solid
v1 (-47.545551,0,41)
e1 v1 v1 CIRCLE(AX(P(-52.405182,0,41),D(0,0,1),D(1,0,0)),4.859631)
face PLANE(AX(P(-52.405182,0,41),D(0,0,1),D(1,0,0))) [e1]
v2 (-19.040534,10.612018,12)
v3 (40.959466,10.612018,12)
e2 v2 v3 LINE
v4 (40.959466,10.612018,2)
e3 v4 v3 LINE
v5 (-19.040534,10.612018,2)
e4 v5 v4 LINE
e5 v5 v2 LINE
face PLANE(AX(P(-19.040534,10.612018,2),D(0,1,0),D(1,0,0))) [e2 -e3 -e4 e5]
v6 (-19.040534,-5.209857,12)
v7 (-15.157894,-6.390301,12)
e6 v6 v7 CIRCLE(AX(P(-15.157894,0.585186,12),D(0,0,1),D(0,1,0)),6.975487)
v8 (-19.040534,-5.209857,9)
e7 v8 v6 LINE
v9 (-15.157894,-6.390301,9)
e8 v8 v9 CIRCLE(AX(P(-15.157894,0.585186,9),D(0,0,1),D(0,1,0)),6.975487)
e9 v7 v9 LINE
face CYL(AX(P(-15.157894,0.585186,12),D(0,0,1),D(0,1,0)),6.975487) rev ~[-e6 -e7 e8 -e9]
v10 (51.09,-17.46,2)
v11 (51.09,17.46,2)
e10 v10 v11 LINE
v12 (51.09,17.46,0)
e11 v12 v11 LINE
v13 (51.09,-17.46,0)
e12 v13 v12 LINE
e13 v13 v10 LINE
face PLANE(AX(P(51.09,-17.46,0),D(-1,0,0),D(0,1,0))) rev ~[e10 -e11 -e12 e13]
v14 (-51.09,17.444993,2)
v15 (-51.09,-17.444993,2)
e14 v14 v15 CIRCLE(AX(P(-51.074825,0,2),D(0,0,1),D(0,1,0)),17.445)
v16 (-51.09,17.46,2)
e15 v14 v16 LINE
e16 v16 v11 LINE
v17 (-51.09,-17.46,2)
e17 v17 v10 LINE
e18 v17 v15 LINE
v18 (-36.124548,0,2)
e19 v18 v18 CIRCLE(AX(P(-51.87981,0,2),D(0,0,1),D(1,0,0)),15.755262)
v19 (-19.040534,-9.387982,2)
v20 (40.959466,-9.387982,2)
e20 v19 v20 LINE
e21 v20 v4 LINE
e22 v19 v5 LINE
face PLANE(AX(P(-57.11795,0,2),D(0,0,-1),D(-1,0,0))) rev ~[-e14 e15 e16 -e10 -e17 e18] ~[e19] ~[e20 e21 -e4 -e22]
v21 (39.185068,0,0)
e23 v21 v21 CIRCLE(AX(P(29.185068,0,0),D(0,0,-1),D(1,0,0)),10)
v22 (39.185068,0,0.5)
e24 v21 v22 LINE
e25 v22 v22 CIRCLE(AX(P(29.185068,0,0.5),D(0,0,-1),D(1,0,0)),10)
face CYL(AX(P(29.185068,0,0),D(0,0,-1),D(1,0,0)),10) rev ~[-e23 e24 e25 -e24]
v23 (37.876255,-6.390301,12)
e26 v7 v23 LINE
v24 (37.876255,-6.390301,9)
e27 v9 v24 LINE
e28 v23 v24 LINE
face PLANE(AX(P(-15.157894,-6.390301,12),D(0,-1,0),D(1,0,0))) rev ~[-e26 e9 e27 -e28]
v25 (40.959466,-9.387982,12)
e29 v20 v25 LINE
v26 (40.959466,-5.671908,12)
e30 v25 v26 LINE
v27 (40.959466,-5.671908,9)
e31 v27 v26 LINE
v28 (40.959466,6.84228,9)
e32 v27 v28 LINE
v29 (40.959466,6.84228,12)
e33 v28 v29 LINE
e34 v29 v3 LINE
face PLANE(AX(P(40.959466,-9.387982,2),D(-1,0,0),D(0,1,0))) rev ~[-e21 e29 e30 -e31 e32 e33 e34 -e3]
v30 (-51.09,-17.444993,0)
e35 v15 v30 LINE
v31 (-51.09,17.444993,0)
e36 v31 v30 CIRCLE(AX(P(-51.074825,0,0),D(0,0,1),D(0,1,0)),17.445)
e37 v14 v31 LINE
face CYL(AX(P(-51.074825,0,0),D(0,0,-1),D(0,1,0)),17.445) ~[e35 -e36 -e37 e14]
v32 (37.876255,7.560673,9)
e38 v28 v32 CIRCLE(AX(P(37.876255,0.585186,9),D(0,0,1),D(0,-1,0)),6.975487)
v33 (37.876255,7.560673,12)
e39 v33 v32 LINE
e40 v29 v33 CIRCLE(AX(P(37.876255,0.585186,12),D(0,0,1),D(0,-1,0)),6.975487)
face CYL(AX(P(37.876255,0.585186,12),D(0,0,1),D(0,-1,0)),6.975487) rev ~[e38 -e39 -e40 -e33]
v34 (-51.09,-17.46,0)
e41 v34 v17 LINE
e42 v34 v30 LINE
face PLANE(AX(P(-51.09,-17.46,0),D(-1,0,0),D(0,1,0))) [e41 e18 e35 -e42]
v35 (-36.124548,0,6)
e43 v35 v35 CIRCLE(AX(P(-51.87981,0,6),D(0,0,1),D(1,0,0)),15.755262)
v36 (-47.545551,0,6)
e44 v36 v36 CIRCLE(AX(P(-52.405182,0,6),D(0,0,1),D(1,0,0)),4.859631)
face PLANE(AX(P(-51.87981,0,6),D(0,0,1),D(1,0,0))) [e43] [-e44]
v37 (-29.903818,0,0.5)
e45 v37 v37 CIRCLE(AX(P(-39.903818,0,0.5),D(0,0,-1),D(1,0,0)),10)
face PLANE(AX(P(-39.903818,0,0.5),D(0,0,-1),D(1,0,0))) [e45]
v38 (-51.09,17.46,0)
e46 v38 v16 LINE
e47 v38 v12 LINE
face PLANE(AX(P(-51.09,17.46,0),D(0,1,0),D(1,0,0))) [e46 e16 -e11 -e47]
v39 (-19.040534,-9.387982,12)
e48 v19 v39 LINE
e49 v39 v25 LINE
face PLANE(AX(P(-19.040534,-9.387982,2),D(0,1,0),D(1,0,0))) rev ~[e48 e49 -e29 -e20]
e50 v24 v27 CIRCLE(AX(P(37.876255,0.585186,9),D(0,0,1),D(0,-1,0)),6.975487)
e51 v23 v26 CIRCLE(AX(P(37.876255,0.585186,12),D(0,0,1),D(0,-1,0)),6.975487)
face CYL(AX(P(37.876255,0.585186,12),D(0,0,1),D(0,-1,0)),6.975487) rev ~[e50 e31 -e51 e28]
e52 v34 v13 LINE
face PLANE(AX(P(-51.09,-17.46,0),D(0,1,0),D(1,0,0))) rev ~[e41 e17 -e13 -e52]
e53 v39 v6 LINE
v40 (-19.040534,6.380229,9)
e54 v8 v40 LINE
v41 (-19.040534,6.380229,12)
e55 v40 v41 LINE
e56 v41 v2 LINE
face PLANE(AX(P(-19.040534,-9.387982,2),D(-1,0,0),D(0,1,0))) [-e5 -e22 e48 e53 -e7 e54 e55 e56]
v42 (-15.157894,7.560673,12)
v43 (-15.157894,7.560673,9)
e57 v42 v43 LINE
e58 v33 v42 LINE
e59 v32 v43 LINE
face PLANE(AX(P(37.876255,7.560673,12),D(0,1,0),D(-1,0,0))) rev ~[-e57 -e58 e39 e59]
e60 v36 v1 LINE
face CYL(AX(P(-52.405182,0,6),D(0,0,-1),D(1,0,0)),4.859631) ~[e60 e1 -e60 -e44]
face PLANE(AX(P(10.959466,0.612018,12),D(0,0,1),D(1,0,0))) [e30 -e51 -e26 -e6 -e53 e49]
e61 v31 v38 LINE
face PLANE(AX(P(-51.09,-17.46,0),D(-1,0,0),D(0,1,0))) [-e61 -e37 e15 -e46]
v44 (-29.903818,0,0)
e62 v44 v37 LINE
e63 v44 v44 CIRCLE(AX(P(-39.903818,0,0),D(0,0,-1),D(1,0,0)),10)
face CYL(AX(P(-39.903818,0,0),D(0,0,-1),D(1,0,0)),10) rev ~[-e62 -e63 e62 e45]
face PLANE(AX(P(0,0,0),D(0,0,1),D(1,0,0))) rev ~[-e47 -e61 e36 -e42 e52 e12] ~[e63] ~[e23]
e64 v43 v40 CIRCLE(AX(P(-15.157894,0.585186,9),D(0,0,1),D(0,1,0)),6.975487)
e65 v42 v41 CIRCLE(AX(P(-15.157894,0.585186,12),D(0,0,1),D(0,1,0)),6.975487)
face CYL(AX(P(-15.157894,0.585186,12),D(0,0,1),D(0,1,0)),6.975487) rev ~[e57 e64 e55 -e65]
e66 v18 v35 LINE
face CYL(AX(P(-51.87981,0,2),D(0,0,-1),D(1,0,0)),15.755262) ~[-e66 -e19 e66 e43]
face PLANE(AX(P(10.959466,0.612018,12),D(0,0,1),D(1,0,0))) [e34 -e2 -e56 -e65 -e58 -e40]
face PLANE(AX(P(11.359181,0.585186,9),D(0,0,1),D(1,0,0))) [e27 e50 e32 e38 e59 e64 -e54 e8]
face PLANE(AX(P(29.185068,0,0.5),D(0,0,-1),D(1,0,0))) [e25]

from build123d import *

# Parameters (mm, degrees)
SKETCH_W        = 102.18
SKETCH_H        = 34.92
PAD_DEPTH       = 2
PAD001_DEPTH    = 2
SKETCH002_R     = 15.755262
PAD002_DEPTH    = 4
SKETCH003_R     = 4.859631
PAD003_DEPTH    = 35
SKETCH004_R     = 10
POCKET_DEPTH    = 0.5
SKETCH005_R     = 10
POCKET001_DEPTH = 0.5
SKETCH006_W     = 60
SKETCH006_H     = 20
PAD004_DEPTH    = 10
POCKET002_DEPTH = 3


with BuildPart() as part:
    # Sketch → Pad (new body)
    with BuildSketch(Plane.XY):
        Rectangle(SKETCH_W, SKETCH_H)
    extrude(amount=PAD_DEPTH)

    # Sketch001 → Pad001 (join)
    with BuildSketch(Plane.XY):
        with BuildLine():
            Line((-51.074825, 17.445), (-51.074825, -17.445))
            ThreePointArc((-51.074825, 17.445), (-68.519825, 0), (-51.074825, -17.445))
        make_face()
    extrude(amount=PAD001_DEPTH)

    # Sketch002 (on Face11 of Pad001) → Pad002 (join)
    with BuildSketch(Plane.XY.offset(2)):
        with Locations((-51.87981, 0)):
            Circle(SKETCH002_R)
    extrude(amount=PAD002_DEPTH)

    # Sketch003 (on Face15 of Pad002) → Pad003 (join)
    with BuildSketch(Plane.XY.offset(6)):
        with Locations((-52.405182, 0)):
            Circle(SKETCH003_R)
    extrude(amount=PAD003_DEPTH)

    # Sketch004 (on Face2 of Pad003) → Pocket (cut)
    with BuildSketch(Plane(origin=(0, 0, 0), x_dir=(1, 0, 0), z_dir=(0, 0, -1))):
        with Locations((29.185068, 0)):
            Circle(SKETCH004_R)
    extrude(amount=-POCKET_DEPTH, mode=Mode.SUBTRACT)

    # Sketch005 (on Face2 of Pocket) → Pocket001 (cut)
    with BuildSketch(Plane(origin=(0, 0, 0), x_dir=(1, 0, 0), z_dir=(0, 0, -1))):
        with Locations((-39.903818, 0)):
            Circle(SKETCH005_R)
    extrude(amount=-POCKET001_DEPTH, mode=Mode.SUBTRACT)

    # Sketch006 (on Face4 of Pocket001) → Pad004 (join)
    with BuildSketch(Plane.XY.offset(2)):
        with Locations((10.959466, 0.612018)):
            Rectangle(SKETCH006_W, SKETCH006_H)
    extrude(amount=PAD004_DEPTH)

    # Sketch007 (on DatumPlane) → Pocket002 (cut)
    with BuildSketch(Plane.XY.offset(12)):
        with BuildLine():
            ThreePointArc((-15.157894, 7.560673), (-22.133381, 0.585186), (-15.157894, -6.390301))
            Line((-15.157894, -6.390301), (37.876255, -6.390301))
            ThreePointArc((37.876255, -6.390301), (44.851742, 0.585186), (37.876255, 7.560673))
            Line((37.876255, 7.560673), (-15.157894, 7.560673))
        make_face()
    extrude(amount=-POCKET002_DEPTH, mode=Mode.SUBTRACT)


solid = part.part
